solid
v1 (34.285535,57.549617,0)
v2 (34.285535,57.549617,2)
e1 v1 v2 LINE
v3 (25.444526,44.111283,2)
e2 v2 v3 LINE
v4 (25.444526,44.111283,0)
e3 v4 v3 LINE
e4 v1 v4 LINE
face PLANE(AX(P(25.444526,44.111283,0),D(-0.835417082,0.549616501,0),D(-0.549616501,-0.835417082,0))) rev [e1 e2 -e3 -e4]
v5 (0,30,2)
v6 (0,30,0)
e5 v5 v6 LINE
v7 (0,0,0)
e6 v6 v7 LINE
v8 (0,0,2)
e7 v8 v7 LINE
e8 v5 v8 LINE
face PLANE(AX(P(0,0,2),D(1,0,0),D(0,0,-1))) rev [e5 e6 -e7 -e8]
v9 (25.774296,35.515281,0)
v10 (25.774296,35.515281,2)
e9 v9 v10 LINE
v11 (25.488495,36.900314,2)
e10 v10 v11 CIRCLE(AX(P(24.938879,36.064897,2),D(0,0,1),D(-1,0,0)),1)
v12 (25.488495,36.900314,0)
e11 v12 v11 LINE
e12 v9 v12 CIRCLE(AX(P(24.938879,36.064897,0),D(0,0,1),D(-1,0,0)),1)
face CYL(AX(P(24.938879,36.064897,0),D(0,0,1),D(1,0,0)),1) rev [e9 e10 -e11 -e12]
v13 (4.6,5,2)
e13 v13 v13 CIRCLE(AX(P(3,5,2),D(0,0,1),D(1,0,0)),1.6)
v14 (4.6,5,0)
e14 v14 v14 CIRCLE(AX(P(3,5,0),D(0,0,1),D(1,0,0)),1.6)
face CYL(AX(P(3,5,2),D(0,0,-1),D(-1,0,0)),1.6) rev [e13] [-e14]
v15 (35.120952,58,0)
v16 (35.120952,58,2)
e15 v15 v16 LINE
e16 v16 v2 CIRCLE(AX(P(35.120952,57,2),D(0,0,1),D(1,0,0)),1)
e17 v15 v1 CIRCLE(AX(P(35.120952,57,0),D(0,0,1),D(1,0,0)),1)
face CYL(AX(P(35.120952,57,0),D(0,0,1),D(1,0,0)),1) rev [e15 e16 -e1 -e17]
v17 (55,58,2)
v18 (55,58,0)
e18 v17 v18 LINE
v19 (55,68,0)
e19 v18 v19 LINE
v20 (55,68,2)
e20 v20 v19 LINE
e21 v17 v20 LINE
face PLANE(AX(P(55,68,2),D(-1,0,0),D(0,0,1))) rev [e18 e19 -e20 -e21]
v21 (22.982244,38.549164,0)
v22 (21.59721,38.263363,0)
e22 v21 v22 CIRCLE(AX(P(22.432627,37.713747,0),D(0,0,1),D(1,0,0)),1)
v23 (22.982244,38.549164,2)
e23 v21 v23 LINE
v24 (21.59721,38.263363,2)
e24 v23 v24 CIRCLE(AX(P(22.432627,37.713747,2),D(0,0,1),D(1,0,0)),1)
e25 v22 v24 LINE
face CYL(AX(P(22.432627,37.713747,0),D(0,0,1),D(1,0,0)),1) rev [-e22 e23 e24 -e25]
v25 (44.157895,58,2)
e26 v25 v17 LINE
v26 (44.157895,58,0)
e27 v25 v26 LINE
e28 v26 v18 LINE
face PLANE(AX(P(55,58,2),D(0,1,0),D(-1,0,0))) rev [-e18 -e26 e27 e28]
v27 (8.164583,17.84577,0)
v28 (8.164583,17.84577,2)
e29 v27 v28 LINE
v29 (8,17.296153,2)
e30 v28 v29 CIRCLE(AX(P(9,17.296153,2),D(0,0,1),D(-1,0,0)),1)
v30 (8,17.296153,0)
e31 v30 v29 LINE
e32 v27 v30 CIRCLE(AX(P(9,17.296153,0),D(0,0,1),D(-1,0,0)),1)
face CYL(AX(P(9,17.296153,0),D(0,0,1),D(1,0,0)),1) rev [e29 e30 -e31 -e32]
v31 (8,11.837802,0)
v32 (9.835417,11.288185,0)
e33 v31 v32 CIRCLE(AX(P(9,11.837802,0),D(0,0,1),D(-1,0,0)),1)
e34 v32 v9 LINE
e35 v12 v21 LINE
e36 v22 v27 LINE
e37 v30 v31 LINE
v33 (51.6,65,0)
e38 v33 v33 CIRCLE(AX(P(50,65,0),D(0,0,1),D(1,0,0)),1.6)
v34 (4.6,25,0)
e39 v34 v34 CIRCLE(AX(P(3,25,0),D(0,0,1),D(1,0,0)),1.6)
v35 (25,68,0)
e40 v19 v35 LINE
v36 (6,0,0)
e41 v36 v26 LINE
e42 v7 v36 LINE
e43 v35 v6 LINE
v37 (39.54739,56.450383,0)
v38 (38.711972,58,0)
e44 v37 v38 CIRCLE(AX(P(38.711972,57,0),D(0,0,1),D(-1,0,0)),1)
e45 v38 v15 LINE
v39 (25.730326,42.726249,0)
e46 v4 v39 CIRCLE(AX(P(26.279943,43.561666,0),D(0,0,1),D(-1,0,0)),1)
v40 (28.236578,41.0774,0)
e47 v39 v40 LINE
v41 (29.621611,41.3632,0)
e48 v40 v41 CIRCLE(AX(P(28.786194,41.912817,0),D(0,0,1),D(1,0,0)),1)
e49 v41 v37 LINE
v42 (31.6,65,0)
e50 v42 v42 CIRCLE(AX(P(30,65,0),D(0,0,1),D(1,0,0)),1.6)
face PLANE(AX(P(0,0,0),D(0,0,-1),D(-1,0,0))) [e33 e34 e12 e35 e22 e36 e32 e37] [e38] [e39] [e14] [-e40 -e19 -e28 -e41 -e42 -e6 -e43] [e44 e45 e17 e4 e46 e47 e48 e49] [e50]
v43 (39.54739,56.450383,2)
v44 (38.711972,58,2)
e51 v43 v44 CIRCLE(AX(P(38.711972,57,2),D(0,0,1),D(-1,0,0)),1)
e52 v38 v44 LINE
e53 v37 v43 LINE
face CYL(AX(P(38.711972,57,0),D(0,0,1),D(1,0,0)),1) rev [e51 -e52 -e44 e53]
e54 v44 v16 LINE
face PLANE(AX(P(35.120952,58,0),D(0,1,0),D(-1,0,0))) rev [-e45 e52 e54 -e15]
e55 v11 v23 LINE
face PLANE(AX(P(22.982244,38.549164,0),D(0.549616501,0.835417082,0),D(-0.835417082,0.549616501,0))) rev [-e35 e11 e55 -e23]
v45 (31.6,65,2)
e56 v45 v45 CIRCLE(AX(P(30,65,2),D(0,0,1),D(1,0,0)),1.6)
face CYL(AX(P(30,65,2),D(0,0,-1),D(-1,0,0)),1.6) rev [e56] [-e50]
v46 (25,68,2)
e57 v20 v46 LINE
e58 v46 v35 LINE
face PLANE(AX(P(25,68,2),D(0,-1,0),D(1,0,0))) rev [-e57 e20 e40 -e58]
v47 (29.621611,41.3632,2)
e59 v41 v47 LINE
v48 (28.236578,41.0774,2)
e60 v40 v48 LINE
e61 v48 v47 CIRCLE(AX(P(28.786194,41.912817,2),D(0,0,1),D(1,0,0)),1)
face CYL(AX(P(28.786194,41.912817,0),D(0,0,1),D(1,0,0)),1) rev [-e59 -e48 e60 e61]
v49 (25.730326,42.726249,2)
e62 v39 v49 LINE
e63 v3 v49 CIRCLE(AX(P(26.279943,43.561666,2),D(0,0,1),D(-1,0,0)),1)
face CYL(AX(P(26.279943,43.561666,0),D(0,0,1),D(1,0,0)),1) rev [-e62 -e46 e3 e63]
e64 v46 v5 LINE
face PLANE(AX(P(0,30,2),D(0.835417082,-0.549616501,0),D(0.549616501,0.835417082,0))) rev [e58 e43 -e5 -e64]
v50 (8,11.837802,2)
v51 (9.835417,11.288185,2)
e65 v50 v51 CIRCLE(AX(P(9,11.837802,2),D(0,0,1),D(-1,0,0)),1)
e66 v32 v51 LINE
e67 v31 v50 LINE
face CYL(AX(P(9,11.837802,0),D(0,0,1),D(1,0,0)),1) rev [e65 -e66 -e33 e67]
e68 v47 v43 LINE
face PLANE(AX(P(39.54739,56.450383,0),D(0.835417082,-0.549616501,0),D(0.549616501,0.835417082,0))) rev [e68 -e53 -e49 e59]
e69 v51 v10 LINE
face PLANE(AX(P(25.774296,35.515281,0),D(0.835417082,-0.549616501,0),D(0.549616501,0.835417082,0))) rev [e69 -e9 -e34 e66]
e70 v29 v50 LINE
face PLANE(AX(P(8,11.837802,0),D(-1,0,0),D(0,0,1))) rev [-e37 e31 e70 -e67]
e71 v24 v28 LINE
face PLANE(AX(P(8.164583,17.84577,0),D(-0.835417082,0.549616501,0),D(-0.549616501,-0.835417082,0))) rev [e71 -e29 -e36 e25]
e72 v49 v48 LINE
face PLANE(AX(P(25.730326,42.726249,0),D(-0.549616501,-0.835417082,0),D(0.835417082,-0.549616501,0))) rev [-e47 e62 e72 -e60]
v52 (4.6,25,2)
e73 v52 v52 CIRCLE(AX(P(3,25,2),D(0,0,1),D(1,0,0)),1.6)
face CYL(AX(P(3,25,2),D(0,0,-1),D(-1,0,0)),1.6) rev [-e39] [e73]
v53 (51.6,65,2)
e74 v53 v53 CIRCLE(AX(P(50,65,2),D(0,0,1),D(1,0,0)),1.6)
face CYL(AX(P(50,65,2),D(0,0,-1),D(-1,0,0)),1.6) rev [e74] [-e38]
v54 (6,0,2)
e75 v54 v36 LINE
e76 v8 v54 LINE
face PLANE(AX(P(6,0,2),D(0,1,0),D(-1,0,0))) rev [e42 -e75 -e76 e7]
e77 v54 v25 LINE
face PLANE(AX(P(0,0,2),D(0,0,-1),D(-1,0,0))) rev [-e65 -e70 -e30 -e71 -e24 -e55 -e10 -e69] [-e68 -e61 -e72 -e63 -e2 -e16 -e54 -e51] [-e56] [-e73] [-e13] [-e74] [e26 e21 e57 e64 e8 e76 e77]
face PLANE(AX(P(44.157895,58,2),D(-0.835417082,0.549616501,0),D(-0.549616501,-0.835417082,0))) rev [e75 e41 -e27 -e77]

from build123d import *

# Parameters (mm, degrees)
SKETCH_1_R          = 1.6
EXTRUDE_1_DEPTH     = 2
CUT_EXTRUDE_1_DEPTH = 88.4814266


with BuildPart() as part:
    # 草图1 → 凸台-拉伸1 (new body)
    with BuildSketch(Plane.XY):
        Polygon((0, 0), (0, 30), (25, 68), (55, 68), (55, 58), (44.157894737, 58), (6, 0), align=None)
        with Locations((3, 25)):
            Circle(SKETCH_1_R, mode=Mode.SUBTRACT)
        with Locations((3, 5)):
            Circle(SKETCH_1_R, mode=Mode.SUBTRACT)
        with Locations((30, 65)):
            Circle(SKETCH_1_R, mode=Mode.SUBTRACT)
        with Locations((50, 65)):
            Circle(SKETCH_1_R, mode=Mode.SUBTRACT)
    extrude(amount=EXTRUDE_1_DEPTH)

    # 草图2 → 切除-拉伸1 (cut, through all)
    with BuildSketch(Plane.XY.offset(2)):
        with BuildLine():
            Line((35.120951799, 58), (38.711972457, 58))
            ThreePointArc((38.711972457, 58), (39.592204387, 57.474543727), (39.547389539, 56.450383499))
            Line((39.547389539, 56.450383499), (29.621611135, 41.363200325))
            ThreePointArc((29.621611135, 41.363200325), (28.988285582, 40.933450188), (28.236577552, 41.077399744))
            Line((28.236577552, 41.077399744), (25.730326305, 42.726249249))
            ThreePointArc((25.730326305, 42.726249249), (25.300576167, 43.359574802), (25.444525724, 44.111282833))
            Line((25.444525724, 44.111282833), (34.285534717, 57.549616501))
            ThreePointArc((34.285534717, 57.549616501), (34.646408072, 57.88023193), (35.120951799, 58))
        make_face()
        with BuildLine():
            Line((8, 11.837801866), (8, 17.296153265))
            ThreePointArc((8, 17.296153265), (8.042028946, 17.583018145), (8.164582918, 17.845769767))
            Line((8.164582918, 17.845769767), (21.597210214, 38.263363257))
            ThreePointArc((21.597210214, 38.263363257), (22.230535767, 38.693113395), (22.982243798, 38.549163838))
            Line((22.982243798, 38.549163838), (25.488495044, 36.900314333))
            ThreePointArc((25.488495044, 36.900314333), (25.918245182, 36.26698878), (25.774295625, 35.51528075))
            Line((25.774295625, 35.51528075), (9.835417082, 11.288185364))
            ThreePointArc((9.835417082, 11.288185364), (8.713135121, 10.879830812), (8, 11.837801866))
        make_face()
    extrude(amount=-CUT_EXTRUDE_1_DEPTH, mode=Mode.SUBTRACT)


solid = part.part
